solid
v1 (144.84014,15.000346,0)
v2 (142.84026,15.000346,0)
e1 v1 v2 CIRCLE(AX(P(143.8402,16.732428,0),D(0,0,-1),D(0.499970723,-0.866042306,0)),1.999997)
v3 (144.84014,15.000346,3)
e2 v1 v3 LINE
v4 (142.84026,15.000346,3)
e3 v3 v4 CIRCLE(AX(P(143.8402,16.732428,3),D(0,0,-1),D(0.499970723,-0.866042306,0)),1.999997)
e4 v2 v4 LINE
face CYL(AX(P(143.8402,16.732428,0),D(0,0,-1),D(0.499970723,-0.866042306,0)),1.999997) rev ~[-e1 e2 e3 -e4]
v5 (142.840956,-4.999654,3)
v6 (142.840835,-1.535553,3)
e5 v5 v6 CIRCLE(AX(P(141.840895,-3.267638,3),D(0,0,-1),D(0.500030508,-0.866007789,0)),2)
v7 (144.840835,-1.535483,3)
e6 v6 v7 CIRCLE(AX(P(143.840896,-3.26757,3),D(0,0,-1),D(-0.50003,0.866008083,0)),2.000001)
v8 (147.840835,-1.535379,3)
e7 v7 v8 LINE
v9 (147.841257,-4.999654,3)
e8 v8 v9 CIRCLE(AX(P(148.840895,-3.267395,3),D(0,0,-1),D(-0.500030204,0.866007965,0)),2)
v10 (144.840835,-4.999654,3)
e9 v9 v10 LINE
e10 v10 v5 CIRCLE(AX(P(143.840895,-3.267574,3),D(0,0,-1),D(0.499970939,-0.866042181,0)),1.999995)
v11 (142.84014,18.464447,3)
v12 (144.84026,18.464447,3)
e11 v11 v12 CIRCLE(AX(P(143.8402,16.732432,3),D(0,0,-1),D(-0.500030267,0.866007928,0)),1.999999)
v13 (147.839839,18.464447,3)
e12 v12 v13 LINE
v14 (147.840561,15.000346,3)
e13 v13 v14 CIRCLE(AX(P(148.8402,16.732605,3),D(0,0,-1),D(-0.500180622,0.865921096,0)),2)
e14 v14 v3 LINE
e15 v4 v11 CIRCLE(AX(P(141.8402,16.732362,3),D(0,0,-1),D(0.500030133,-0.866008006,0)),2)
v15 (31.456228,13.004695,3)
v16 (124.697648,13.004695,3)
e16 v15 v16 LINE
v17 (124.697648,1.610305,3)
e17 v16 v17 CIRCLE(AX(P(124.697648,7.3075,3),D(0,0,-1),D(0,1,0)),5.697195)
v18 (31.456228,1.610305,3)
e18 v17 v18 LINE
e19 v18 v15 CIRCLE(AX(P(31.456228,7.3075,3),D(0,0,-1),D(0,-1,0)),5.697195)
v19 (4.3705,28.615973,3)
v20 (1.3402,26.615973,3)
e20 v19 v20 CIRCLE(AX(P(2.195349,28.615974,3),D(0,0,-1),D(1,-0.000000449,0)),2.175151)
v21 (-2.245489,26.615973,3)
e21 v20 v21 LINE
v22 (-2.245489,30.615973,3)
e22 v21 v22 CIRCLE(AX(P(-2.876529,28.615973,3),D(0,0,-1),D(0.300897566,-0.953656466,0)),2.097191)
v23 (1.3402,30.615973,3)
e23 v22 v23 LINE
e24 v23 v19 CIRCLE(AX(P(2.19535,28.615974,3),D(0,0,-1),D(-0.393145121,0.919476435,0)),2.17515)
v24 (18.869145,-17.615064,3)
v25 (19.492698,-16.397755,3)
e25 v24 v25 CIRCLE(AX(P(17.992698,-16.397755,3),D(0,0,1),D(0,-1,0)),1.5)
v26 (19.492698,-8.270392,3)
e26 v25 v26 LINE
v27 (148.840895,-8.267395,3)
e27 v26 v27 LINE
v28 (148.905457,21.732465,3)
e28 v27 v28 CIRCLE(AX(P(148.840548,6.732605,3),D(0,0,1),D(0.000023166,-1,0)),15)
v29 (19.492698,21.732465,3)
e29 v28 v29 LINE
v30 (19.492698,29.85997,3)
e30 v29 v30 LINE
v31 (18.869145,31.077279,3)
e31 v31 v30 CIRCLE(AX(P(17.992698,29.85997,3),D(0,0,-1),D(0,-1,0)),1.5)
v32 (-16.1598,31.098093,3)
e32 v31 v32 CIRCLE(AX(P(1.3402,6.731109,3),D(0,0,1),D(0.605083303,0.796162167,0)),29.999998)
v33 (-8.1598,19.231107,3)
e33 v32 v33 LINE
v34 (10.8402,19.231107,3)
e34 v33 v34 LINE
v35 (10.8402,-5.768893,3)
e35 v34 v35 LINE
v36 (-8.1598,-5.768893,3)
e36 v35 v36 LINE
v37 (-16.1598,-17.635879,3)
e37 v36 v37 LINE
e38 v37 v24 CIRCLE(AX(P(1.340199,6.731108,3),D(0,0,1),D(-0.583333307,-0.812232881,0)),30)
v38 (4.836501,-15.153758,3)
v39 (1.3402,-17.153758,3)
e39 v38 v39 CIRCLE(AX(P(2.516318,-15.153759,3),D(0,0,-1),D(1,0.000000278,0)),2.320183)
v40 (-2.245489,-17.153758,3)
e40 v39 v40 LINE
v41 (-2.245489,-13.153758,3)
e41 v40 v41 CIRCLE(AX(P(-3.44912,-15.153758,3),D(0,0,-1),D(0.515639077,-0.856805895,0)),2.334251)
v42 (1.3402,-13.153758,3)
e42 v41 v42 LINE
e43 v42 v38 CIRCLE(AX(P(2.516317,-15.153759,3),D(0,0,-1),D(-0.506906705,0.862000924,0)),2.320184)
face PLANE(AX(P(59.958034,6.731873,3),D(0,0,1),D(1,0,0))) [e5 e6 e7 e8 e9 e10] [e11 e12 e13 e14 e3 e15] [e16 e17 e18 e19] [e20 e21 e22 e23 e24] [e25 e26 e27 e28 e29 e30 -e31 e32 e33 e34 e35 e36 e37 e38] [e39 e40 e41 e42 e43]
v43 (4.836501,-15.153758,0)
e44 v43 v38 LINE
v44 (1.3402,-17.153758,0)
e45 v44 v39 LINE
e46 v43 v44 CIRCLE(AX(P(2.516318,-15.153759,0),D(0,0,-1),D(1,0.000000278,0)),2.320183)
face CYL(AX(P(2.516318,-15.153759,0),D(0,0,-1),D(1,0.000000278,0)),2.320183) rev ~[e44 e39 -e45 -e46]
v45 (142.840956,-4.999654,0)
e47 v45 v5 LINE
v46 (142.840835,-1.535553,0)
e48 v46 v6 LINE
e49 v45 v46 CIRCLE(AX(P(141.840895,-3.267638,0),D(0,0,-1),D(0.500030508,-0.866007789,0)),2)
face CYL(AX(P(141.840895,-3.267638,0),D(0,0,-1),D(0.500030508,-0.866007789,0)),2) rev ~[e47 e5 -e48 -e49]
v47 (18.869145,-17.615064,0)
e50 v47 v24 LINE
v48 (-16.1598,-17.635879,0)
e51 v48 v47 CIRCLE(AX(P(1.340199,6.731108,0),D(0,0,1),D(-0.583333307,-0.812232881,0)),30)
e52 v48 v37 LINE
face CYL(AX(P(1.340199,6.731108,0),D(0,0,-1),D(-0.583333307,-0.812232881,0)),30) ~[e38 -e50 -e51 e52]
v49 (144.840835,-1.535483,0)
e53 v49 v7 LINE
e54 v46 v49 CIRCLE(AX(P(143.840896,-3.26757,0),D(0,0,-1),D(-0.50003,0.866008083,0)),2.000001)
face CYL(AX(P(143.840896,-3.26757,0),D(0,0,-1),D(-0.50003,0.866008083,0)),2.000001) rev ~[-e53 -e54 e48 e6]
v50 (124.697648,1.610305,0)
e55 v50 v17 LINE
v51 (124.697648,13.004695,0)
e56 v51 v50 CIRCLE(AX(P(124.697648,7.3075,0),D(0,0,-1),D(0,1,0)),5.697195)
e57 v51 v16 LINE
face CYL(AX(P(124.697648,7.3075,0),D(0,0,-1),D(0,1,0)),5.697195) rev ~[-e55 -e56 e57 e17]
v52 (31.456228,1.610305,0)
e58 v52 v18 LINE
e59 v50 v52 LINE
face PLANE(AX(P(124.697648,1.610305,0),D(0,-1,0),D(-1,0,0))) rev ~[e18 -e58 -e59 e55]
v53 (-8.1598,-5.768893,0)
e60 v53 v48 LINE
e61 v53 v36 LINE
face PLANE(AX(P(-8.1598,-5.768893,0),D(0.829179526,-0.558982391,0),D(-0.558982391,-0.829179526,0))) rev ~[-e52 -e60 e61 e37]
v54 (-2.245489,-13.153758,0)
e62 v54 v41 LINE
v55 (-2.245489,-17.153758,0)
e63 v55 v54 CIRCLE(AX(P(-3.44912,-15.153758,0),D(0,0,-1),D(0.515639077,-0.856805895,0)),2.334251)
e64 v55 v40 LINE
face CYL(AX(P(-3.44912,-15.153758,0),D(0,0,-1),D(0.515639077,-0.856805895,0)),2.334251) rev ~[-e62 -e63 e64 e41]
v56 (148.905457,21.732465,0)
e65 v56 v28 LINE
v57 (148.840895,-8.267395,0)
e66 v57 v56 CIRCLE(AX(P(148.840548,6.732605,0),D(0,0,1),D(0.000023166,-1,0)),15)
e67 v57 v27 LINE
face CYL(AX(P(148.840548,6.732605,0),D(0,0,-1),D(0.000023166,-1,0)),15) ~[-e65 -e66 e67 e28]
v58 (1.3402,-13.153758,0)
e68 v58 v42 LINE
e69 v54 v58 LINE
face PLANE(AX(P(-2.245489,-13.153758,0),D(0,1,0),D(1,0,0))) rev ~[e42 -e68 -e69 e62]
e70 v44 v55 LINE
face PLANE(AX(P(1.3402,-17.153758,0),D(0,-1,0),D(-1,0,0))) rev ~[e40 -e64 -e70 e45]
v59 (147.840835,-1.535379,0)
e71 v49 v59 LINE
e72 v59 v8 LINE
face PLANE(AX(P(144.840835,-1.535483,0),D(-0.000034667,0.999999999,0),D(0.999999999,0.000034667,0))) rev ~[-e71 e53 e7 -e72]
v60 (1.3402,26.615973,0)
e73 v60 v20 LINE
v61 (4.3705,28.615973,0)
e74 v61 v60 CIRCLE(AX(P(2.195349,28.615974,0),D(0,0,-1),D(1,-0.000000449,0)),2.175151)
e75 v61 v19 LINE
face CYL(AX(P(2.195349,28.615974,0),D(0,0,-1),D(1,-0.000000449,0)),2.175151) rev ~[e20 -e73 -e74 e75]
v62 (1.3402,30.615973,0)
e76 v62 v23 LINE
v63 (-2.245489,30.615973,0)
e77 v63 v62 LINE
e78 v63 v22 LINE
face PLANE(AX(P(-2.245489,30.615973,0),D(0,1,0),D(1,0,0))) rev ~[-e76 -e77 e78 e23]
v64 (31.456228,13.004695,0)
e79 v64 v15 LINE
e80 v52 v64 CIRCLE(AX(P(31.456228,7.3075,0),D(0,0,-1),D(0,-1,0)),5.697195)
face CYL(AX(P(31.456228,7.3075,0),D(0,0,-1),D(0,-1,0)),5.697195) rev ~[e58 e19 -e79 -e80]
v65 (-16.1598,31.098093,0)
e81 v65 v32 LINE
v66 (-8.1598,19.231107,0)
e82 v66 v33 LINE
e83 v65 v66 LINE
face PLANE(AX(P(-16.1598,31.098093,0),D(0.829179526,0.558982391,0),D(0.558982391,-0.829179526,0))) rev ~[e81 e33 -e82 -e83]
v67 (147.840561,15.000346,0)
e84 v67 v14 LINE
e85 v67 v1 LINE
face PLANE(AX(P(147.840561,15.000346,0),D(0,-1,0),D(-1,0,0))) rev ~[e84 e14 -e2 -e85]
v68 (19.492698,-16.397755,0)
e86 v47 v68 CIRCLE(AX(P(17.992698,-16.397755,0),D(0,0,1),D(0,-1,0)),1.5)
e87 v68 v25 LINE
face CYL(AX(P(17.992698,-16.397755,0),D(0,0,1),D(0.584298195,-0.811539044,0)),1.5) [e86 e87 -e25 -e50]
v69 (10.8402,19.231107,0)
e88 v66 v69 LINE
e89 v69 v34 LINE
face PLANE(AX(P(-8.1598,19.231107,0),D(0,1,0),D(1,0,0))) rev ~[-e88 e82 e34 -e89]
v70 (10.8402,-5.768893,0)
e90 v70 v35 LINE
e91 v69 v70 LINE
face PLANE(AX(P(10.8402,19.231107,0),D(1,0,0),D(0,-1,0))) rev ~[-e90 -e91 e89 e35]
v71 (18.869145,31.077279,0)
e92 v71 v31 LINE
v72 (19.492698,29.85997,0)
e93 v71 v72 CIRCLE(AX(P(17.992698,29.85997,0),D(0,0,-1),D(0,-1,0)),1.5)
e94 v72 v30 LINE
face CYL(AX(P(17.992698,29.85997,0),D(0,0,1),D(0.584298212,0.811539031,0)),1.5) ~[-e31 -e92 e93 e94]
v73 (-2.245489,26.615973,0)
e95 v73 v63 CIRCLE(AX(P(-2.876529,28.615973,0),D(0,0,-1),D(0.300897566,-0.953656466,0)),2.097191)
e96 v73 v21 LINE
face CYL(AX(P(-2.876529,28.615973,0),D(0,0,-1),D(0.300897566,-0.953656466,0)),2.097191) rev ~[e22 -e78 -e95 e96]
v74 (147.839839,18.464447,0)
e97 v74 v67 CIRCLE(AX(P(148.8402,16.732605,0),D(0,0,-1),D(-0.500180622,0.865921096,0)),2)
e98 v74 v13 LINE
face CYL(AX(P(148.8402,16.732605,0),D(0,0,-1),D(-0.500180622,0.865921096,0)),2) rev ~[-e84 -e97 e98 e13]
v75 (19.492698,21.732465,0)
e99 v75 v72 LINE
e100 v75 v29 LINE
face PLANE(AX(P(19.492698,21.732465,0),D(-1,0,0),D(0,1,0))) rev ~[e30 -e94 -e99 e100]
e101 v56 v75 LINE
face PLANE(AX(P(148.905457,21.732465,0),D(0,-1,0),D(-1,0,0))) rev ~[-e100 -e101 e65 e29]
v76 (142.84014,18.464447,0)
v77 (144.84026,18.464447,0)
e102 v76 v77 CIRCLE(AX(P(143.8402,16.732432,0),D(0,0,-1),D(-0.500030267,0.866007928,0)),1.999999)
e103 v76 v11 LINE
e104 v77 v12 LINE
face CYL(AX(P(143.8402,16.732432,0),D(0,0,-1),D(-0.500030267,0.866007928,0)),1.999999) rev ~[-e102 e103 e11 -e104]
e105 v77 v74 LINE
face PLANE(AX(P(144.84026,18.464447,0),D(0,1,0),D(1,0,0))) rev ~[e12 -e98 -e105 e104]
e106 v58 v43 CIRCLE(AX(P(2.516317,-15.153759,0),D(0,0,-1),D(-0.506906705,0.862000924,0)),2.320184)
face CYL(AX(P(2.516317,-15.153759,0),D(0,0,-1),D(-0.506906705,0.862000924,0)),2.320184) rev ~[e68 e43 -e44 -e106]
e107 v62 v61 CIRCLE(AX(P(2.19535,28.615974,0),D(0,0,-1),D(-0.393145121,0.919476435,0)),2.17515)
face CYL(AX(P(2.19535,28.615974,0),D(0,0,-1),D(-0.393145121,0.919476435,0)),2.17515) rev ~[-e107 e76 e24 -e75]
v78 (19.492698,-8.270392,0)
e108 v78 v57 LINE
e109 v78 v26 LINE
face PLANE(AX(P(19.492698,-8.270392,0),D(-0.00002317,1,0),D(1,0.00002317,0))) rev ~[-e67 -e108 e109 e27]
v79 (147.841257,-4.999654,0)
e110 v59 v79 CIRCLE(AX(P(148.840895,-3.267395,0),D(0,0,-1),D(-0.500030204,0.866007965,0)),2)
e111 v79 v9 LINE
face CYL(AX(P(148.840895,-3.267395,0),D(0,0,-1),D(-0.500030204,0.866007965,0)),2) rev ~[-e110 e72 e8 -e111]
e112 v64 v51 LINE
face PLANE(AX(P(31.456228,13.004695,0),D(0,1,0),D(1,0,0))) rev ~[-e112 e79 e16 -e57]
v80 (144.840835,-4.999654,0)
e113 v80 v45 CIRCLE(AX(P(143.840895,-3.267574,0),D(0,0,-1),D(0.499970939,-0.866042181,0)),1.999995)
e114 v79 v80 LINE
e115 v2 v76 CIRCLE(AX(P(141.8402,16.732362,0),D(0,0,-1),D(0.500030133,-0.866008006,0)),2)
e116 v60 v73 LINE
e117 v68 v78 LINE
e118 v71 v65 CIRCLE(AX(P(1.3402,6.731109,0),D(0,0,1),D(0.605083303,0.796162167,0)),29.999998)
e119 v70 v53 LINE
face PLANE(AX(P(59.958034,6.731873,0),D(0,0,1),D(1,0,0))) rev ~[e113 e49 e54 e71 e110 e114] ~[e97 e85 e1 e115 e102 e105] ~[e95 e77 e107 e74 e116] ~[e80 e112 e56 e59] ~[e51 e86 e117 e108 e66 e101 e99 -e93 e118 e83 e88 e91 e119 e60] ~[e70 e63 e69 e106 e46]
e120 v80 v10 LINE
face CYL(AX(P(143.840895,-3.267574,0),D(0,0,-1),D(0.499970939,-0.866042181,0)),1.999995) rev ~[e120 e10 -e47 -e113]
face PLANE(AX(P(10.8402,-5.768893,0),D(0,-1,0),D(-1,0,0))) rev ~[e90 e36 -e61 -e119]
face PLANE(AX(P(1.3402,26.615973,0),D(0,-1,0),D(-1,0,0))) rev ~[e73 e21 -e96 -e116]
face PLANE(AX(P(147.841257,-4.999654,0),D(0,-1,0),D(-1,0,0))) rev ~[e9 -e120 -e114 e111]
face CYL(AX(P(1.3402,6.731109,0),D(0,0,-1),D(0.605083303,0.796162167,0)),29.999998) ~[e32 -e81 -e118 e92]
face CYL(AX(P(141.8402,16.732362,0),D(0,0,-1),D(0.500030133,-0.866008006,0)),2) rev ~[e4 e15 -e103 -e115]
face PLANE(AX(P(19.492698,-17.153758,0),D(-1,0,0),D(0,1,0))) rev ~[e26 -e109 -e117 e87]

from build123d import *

# Parameters (mm, degrees)
F1_DEPTH = 3
F2_R     = 1.5


with BuildPart() as f1:
    # F0 (on Top) → F1 (new body)
    with BuildSketch(Plane.XY):
        with BuildLine():
            Line((1.3402, -5.768893), (-8.1598, -5.768893))
            Line((-8.1598, -5.768893), (-16.1598, -17.635879))
            ThreePointArc((-16.1598, -17.635879), (1.745846, -23.26615), (19.492698, -17.153758))
            Line((19.492698, -17.153758), (19.492698, -8.270392))
            Line((19.492698, -8.270392), (148.840895, -8.267395))
            ThreePointArc((148.840895, -8.267395), (163.840513, 6.700324), (148.905457, 21.732465))
            Line((148.905457, 21.732465), (148.775638, 21.732465))
            Line((148.775638, 21.732465), (19.492698, 21.732465))
            Line((19.492698, 21.732465), (19.492698, 30.615973))
            ThreePointArc((19.492698, 30.615973), (1.745846, 36.728365), (-16.1598, 31.098093))
            Line((-16.1598, 31.098093), (-8.1598, 19.231107))
            Line((-8.1598, 19.231107), (1.3402, 19.231107))
            Line((1.3402, 19.231107), (10.8402, 19.231107))
            Line((10.8402, 19.231107), (10.8402, 15.231107))
            Line((10.8402, 15.231107), (10.8402, -1.768893))
            Line((10.8402, -1.768893), (10.8402, -5.768893))
            Line((10.8402, -5.768893), (1.3402, -5.768893))
        make_face()
        with BuildLine():
            Line((-2.245489, -13.153758), (1.3402, -13.153758))
            ThreePointArc((1.3402, -13.153758), (3.668369, -13.1398), (4.836501, -15.153758))
            ThreePointArc((4.836501, -15.153758), (3.668369, -17.167717), (1.3402, -17.153758))
            Line((1.3402, -17.153758), (-2.245489, -17.153758))
            ThreePointArc((-2.245489, -17.153758), (-5.783371, -15.153758), (-2.245489, -13.153758))
        make_face(mode=Mode.SUBTRACT)
        with BuildLine():
            ThreePointArc((147.840835, -1.535379), (150.840895, -3.267151), (147.841257, -4.999654))
            Line((147.841257, -4.999654), (144.840835, -4.999654))
            ThreePointArc((144.840835, -4.999654), (143.840895, -5.267569), (142.840956, -4.999654))
            ThreePointArc((142.840956, -4.999654), (139.840895, -3.267708), (142.840835, -1.535553))
            ThreePointArc((142.840835, -1.535553), (143.840826, -1.267569), (144.840835, -1.535483))
            Line((144.840835, -1.535483), (147.840835, -1.535379))
        make_face(mode=Mode.SUBTRACT)
        with BuildLine():
            ThreePointArc((4.3705, 28.615973), (3.393515, 26.800573), (1.3402, 26.615973))
            Line((1.3402, 26.615973), (-2.245489, 26.615973))
            ThreePointArc((-2.245489, 26.615973), (-4.97372, 28.615973), (-2.245489, 30.615973))
            Line((-2.245489, 30.615973), (1.3402, 30.615973))
            ThreePointArc((1.3402, 30.615973), (3.393515, 30.431374), (4.3705, 28.615973))
        make_face(mode=Mode.SUBTRACT)
        with BuildLine():
            ThreePointArc((31.456228, 1.610305), (25.759033, 7.3075), (31.456228, 13.004695))
            Line((31.456228, 13.004695), (124.697648, 13.004695))
            ThreePointArc((124.697648, 13.004695), (130.394843, 7.3075), (124.697648, 1.610305))
            Line((124.697648, 1.610305), (31.456228, 1.610305))
        make_face(mode=Mode.SUBTRACT)
        with BuildLine():
            ThreePointArc((147.839839, 18.464447), (150.8402, 16.733022), (147.840561, 15.000346))
            Line((147.840561, 15.000346), (144.84014, 15.000346))
            ThreePointArc((144.84014, 15.000346), (143.8402, 14.732431), (142.84026, 15.000346))
            ThreePointArc((142.84026, 15.000346), (139.8402, 16.732292), (142.84014, 18.464447))
            ThreePointArc((142.84014, 18.464447), (143.8402, 18.732431), (144.84026, 18.464447))
            Line((144.84026, 18.464447), (147.839839, 18.464447))
        make_face(mode=Mode.SUBTRACT)
    extrude(amount=F1_DEPTH)

    # F2
    f2_edges = [f1.edges().sort_by_distance(p)[0] for p in [
        (19.492698, -17.153758, 1.5),
        (19.492698, 30.615973, 1.5),
    ]]
    fillet(f2_edges, radius=F2_R)


solid = f1.part
